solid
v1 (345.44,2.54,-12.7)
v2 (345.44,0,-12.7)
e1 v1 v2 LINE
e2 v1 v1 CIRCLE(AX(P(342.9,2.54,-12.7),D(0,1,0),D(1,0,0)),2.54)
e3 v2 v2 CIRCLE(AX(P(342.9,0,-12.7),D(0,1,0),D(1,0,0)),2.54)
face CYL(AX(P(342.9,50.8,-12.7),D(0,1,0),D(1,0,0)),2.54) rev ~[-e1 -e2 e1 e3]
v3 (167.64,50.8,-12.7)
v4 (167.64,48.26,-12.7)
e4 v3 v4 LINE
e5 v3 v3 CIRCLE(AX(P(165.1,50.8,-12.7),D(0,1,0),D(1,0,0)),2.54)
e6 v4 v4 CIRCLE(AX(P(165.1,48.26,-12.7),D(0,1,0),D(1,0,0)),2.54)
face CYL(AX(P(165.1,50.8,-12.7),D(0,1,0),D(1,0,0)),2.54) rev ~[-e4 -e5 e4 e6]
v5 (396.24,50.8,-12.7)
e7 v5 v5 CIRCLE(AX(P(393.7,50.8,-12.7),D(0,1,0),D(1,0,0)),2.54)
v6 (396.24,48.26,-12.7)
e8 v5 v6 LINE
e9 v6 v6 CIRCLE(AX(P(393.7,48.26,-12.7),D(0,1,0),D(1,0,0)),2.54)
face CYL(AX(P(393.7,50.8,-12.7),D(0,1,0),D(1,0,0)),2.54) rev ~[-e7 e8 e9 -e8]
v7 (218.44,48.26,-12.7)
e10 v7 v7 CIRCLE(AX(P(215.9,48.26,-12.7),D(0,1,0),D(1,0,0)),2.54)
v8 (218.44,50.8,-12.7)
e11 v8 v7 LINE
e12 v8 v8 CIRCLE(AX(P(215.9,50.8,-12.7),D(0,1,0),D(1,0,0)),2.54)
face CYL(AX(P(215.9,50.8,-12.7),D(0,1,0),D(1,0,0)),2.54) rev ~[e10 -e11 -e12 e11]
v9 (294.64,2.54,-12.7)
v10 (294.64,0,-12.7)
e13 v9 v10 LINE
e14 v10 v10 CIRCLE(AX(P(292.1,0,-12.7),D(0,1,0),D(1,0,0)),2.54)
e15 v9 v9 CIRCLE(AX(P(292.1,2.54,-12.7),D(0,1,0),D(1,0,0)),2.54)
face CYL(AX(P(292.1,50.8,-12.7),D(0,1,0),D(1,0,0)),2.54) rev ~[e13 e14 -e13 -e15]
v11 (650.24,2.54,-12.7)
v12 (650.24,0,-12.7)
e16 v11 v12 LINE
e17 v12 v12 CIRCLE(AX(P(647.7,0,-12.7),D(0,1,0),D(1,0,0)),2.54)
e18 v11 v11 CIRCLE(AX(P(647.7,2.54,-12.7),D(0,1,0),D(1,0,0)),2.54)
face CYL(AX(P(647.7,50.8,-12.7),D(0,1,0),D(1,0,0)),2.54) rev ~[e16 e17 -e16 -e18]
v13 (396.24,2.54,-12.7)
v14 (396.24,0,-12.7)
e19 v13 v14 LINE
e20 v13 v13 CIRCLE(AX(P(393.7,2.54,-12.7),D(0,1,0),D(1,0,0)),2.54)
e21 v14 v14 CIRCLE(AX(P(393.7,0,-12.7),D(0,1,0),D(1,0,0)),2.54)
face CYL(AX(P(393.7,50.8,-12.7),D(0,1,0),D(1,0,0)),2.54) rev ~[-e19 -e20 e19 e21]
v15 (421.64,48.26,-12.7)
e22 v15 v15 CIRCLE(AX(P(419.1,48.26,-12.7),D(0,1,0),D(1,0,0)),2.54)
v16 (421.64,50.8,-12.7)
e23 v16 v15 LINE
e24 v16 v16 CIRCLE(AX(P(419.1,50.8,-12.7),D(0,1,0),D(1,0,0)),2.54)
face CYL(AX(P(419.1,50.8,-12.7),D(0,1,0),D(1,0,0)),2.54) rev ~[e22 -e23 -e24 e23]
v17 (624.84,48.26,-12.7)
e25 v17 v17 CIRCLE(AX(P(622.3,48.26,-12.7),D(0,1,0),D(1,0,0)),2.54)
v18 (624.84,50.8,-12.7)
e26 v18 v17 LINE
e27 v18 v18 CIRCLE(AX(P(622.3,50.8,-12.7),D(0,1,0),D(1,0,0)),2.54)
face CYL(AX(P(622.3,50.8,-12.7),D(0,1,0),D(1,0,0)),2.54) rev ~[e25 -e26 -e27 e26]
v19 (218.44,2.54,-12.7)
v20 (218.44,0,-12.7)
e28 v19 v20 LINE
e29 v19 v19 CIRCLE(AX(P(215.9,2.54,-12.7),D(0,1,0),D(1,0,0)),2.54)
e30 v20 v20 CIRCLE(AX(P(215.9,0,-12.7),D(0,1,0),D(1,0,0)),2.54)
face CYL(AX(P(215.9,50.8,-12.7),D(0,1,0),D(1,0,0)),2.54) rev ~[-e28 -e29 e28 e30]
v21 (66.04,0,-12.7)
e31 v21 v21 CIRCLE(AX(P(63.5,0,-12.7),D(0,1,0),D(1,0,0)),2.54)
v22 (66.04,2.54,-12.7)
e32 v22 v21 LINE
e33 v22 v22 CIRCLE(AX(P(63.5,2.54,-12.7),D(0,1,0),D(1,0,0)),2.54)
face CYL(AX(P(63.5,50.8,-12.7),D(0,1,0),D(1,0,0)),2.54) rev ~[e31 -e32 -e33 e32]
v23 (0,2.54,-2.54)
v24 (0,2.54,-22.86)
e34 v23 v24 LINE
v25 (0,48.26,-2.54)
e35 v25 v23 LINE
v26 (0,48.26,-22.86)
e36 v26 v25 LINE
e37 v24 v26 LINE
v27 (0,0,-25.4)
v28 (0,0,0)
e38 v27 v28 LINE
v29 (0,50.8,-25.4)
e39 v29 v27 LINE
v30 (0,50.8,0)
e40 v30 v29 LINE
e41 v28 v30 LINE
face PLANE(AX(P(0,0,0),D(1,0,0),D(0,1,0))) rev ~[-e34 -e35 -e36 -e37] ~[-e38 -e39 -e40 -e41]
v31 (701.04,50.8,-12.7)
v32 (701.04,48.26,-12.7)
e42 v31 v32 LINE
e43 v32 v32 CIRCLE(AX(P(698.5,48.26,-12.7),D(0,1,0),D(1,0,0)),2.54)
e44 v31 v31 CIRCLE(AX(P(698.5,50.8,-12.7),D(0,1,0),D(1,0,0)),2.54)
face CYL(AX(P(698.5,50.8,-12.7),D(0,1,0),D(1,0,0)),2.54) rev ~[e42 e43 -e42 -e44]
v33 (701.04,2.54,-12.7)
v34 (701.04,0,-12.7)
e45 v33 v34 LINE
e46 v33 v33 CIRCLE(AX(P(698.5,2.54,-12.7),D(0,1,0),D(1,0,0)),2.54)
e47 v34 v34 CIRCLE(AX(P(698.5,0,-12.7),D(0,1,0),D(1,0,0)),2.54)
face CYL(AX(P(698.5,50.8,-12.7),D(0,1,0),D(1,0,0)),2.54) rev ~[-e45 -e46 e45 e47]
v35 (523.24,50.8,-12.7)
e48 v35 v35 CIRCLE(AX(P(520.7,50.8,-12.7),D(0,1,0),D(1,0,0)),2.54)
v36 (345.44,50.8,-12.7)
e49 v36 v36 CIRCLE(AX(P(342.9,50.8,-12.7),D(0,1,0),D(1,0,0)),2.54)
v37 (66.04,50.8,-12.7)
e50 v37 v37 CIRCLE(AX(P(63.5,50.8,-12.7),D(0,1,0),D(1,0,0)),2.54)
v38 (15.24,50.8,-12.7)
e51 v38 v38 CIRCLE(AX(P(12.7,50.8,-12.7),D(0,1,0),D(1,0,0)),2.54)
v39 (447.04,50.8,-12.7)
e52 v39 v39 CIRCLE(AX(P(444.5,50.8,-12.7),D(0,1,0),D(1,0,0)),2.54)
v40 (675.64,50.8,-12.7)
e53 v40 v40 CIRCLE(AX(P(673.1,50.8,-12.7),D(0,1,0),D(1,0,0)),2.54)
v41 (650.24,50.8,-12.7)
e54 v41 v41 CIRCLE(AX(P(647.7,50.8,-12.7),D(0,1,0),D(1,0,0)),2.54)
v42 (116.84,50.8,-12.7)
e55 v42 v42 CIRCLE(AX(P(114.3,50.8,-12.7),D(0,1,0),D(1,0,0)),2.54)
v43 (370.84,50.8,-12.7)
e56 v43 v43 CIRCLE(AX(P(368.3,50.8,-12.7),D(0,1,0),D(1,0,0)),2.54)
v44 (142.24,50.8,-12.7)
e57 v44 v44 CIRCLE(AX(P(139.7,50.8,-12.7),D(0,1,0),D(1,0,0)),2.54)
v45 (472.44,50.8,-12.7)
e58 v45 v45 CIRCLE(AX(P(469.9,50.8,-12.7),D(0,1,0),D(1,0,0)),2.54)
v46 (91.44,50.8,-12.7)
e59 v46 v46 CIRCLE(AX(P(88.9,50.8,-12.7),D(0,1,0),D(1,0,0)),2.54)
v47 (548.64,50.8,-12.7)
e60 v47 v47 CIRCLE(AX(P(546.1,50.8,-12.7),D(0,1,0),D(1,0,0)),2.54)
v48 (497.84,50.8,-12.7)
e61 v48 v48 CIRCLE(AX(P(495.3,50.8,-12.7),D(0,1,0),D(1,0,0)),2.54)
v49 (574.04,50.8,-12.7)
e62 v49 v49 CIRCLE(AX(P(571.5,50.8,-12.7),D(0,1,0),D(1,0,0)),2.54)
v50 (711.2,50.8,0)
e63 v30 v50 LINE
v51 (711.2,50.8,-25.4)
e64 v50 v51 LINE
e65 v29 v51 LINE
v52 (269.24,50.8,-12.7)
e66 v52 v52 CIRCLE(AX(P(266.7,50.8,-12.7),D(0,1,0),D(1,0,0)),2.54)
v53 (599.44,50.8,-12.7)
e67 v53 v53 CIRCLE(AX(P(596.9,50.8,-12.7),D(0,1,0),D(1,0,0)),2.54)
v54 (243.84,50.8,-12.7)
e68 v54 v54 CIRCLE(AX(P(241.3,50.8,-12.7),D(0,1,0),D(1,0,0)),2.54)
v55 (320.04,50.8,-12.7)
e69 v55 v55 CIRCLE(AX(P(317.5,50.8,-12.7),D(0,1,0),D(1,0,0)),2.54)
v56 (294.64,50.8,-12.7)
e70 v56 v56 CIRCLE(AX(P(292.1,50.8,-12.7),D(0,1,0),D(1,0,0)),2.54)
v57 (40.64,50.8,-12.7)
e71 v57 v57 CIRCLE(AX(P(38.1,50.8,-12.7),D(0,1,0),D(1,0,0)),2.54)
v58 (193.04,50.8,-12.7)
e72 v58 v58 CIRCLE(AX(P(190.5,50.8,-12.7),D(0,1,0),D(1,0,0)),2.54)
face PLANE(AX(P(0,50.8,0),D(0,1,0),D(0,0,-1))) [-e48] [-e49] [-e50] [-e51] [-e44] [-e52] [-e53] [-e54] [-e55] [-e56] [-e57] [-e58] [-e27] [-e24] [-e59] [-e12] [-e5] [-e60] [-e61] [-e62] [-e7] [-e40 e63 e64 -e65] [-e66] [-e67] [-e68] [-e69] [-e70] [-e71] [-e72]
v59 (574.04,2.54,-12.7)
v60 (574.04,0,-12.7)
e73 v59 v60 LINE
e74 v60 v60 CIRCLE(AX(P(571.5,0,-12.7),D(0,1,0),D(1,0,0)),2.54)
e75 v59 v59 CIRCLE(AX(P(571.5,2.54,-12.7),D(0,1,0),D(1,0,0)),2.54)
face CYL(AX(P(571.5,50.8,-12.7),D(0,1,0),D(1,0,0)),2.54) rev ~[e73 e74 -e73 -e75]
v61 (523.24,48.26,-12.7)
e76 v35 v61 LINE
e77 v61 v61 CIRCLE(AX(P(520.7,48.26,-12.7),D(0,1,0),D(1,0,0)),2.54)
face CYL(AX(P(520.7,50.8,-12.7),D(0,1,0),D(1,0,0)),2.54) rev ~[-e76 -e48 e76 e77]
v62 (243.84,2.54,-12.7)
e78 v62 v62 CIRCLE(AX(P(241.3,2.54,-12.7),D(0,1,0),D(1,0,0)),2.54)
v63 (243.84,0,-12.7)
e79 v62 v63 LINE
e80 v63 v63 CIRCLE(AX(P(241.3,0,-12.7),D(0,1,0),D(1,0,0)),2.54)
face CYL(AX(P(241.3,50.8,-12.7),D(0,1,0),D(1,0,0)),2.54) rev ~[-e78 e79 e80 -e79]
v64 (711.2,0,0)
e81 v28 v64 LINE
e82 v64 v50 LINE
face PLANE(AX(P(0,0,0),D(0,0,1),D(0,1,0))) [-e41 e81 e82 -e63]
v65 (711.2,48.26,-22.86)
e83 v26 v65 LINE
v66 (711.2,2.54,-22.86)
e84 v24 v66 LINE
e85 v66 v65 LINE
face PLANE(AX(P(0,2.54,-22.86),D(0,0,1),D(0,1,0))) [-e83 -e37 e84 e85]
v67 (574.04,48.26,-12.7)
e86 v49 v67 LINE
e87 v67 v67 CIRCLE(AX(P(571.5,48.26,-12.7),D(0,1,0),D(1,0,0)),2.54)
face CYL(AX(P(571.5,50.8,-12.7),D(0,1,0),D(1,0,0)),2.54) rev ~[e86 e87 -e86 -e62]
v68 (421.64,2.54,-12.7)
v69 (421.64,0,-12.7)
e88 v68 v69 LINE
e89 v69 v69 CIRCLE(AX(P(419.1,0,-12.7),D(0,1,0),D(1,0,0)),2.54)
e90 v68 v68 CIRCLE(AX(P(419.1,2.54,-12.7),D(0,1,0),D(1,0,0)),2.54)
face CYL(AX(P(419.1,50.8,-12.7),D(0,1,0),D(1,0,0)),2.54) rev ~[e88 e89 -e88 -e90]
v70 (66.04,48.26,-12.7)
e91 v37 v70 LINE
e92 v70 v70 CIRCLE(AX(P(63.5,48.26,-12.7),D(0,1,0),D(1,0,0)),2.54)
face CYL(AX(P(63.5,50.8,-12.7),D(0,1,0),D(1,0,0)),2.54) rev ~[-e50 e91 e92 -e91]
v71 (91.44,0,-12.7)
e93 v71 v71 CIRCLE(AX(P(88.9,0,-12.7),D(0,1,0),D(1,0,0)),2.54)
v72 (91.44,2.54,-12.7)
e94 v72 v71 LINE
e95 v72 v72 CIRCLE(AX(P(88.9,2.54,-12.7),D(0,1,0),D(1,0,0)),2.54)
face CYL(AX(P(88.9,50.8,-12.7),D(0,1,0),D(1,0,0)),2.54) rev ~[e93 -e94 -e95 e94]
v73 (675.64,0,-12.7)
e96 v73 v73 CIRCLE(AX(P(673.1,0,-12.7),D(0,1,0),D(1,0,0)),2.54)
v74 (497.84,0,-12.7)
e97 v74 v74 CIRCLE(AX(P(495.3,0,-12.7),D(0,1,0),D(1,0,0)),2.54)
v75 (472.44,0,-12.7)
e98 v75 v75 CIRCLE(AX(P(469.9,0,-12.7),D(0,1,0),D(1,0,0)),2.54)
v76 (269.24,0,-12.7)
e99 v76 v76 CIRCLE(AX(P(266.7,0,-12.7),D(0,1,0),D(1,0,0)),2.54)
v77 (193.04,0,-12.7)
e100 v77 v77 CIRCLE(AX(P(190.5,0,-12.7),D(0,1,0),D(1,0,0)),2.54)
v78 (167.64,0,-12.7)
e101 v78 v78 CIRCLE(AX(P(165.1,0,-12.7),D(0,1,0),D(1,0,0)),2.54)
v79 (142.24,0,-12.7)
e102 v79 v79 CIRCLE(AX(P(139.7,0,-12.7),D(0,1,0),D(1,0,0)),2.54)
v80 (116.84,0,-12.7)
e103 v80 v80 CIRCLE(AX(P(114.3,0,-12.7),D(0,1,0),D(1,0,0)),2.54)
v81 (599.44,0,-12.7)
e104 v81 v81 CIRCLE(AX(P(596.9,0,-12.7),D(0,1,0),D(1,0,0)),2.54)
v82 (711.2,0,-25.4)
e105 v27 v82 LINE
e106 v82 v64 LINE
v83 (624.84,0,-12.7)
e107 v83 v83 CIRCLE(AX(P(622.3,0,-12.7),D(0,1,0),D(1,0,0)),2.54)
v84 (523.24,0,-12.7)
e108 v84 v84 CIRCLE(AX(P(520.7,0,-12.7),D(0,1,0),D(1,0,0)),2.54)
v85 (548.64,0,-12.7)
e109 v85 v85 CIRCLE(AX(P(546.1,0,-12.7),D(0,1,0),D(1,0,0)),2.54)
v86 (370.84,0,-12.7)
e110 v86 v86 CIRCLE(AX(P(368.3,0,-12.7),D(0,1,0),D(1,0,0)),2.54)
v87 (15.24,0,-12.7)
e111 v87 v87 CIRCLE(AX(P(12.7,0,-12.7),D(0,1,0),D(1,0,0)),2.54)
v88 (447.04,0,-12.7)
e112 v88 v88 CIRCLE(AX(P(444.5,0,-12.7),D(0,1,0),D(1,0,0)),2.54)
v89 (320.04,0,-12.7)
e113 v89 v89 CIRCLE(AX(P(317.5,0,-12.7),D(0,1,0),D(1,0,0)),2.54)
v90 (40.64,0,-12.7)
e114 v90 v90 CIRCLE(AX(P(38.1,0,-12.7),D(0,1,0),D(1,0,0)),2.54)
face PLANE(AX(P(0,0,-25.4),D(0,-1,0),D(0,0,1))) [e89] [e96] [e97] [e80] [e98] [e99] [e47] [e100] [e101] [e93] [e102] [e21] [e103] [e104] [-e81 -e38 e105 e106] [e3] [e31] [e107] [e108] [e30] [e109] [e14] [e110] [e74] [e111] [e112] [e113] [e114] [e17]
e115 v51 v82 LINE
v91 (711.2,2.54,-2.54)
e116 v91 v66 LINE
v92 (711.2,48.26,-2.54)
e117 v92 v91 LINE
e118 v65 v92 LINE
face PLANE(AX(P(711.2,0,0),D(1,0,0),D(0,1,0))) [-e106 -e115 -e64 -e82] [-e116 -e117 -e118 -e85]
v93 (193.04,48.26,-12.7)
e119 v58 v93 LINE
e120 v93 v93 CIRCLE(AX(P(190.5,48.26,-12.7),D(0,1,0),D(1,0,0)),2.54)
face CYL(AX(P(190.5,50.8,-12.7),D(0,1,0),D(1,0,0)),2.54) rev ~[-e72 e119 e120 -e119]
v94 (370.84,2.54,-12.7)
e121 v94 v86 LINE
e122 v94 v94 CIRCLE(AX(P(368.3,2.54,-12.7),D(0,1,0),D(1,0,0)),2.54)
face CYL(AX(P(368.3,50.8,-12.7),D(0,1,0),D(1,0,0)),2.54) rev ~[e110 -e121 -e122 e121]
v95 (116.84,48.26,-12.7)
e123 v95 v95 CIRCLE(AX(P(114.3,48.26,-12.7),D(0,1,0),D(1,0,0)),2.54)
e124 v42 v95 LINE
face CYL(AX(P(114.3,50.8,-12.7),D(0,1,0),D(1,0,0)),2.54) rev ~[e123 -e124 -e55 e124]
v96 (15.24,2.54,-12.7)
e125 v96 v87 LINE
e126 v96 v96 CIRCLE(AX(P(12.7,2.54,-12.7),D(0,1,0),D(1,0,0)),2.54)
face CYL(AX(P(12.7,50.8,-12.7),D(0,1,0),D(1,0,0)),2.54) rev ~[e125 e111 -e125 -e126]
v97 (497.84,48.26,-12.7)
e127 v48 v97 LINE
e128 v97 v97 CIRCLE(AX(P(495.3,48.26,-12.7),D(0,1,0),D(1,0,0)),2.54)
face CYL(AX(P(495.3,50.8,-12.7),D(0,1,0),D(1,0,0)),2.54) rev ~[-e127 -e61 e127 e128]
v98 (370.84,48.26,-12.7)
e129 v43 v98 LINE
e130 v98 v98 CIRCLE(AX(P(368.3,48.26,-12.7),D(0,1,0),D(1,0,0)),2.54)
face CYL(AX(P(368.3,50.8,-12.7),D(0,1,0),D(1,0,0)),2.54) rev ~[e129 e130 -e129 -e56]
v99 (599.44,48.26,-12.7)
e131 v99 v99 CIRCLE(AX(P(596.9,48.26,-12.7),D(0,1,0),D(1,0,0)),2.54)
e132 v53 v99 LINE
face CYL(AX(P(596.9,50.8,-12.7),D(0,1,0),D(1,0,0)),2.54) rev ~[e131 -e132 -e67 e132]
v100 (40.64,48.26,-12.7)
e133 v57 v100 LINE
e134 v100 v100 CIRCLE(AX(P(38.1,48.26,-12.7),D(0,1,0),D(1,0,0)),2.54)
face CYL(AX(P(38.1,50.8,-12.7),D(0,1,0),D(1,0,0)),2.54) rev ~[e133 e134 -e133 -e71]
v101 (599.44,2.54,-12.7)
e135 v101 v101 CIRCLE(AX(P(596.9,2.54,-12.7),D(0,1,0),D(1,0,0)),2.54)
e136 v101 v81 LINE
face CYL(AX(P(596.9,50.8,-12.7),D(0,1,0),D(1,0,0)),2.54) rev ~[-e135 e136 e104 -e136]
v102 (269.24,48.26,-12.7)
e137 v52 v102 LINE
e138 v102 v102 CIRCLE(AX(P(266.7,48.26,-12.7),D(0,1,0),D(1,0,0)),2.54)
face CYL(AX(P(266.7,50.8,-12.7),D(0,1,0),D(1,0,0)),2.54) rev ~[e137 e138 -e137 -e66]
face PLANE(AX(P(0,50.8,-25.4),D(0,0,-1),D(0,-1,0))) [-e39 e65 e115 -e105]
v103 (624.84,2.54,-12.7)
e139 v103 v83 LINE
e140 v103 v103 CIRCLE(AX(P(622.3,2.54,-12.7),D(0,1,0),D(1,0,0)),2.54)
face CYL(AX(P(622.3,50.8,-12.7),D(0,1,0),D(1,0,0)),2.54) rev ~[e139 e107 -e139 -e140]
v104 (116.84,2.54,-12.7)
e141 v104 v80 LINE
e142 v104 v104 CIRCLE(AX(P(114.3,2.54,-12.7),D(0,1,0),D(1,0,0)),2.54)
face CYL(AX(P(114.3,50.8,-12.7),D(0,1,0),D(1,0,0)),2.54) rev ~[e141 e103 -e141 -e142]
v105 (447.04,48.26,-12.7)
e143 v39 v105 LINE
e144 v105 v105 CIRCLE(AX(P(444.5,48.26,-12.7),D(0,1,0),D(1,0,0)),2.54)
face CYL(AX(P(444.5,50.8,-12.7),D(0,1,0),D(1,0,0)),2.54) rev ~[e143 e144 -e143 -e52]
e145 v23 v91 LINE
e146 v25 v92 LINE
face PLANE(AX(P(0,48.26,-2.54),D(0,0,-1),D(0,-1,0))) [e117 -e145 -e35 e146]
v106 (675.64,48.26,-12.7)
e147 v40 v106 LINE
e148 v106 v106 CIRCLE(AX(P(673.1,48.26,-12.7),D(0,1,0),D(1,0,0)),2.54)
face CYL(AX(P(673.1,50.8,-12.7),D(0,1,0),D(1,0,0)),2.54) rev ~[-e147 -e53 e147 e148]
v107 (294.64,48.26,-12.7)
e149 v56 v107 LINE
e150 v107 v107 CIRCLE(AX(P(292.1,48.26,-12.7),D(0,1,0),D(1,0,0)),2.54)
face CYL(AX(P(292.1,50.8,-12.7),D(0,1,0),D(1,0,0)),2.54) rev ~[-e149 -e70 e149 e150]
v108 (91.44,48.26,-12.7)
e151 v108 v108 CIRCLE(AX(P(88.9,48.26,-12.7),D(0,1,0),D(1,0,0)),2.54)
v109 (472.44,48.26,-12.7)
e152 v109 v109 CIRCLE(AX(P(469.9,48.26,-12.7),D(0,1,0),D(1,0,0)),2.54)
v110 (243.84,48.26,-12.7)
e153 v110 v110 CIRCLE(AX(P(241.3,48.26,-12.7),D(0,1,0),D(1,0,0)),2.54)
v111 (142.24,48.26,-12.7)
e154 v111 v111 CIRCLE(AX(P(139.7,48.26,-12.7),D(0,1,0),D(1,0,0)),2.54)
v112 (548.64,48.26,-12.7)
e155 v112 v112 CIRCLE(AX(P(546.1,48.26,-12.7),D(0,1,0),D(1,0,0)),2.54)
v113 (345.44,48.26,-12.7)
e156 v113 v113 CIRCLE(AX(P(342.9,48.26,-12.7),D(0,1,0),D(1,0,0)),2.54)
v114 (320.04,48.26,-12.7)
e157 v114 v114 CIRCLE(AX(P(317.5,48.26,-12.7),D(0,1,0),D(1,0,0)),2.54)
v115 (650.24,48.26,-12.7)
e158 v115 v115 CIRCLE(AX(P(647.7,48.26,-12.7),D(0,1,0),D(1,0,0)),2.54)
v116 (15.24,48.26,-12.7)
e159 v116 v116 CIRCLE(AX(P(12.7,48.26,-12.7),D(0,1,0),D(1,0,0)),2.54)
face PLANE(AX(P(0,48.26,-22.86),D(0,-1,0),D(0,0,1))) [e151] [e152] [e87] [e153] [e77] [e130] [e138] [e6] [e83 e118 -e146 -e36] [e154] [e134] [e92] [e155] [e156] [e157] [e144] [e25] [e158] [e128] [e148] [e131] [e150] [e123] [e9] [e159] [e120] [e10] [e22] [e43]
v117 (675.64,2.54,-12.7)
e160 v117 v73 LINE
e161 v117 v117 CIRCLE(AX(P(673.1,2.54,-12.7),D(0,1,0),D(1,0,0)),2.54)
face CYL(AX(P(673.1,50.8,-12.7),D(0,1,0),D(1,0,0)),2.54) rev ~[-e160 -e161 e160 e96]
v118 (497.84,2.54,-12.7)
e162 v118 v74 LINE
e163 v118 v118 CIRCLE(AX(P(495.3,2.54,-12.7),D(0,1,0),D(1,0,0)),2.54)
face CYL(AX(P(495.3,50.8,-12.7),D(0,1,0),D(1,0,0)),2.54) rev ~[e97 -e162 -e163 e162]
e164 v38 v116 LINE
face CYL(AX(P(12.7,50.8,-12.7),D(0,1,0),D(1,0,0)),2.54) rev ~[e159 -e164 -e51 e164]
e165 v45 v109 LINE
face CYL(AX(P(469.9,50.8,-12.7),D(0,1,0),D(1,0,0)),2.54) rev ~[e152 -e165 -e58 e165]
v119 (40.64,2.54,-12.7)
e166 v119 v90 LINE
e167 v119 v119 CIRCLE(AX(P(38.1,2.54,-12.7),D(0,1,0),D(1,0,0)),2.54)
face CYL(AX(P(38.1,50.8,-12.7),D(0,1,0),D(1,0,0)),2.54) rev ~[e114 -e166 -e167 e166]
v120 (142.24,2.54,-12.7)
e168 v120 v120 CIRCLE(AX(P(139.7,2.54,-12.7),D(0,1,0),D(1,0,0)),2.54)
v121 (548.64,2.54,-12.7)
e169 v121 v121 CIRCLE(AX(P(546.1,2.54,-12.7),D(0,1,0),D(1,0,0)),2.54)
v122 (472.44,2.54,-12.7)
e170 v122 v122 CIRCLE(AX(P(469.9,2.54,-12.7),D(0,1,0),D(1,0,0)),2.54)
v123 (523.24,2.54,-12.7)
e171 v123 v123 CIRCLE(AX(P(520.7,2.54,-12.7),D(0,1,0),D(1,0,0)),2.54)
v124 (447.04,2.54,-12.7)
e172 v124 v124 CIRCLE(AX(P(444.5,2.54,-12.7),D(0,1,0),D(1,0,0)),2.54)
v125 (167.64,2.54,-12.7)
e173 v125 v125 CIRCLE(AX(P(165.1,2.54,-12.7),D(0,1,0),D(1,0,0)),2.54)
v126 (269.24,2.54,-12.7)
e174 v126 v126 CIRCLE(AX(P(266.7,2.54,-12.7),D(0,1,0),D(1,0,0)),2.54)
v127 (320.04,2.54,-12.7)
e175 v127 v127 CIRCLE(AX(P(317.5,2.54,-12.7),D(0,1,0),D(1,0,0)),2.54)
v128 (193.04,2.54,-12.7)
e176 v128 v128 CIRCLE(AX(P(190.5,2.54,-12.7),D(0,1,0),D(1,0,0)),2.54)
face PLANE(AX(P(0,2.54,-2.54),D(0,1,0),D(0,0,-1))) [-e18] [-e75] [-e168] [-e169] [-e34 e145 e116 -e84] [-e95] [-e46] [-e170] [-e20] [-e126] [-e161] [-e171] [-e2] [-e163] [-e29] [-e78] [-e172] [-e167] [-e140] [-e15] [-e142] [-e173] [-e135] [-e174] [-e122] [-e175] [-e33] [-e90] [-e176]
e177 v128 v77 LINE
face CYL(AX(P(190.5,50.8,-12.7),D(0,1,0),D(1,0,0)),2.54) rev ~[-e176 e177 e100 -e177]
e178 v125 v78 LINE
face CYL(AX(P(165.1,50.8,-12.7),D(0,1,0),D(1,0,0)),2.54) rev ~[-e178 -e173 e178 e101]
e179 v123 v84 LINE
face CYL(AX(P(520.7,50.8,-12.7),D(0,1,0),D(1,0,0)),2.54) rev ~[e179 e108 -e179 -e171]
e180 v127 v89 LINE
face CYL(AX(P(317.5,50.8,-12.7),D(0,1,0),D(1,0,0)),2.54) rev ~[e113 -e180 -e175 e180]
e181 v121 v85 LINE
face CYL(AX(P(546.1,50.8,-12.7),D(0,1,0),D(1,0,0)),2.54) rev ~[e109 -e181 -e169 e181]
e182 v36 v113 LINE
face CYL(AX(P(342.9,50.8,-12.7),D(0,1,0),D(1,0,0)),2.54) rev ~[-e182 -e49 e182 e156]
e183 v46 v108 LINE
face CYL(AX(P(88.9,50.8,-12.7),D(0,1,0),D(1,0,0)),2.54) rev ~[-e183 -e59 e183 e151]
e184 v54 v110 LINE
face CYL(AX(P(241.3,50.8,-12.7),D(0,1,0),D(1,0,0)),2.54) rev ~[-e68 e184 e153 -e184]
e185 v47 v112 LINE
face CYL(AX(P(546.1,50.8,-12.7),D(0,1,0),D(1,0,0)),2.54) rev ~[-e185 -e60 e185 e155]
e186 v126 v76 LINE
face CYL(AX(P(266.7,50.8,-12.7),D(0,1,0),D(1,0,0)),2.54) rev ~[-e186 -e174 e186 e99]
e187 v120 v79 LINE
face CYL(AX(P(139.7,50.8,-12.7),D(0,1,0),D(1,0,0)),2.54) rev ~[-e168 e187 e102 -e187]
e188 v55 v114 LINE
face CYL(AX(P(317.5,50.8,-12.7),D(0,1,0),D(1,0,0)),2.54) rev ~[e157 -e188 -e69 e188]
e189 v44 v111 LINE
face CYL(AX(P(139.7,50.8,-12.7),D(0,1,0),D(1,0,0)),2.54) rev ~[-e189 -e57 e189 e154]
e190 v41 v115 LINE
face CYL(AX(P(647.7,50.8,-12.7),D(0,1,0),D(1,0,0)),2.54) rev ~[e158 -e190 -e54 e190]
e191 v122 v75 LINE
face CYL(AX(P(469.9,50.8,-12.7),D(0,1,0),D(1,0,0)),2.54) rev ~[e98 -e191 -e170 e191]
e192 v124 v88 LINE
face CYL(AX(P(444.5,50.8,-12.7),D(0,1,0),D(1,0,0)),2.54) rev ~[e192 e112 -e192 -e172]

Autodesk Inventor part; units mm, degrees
ref_plane "YZ Plane" through (0, 0, 0) normal (1, 0, 0) x (0, 1, 0)
ref_plane "XZ Plane" through (0, 0, 0) normal (0, 1, 0) x (-1, 0, 0)
ref_plane "XY Plane" through (0, 0, 0) normal (0, 0, 1) x (1, 0, 0)
sketch "Sketch1" plane through (0, 0, 0) normal (1, 0, 0) x (0, 1, 0)
  line L0 (0, 0) -> (50.8, 0)
  line L1 (50.8, 0) -> (50.8, -25.4)
  line L2 (50.8, -25.4) -> (0, -25.4)
  line L3 (0, -25.4) -> (0, 0)
  line L4 (48.26, -22.86) -> (48.26, -2.54)
  line L5 (48.26, -2.54) -> (2.54, -2.54)
  line L6 (2.54, -2.54) -> (2.54, -22.86)
  line L7 (2.54, -22.86) -> (48.26, -22.86)
  dimension "d0" = 50.8
  dimension "d1" = 25.4
  dimension "d2" = 2.54
extrude "Extrusion1" add sketch "Sketch1" along normal blind 711.2
sketch "Sketch3" plane through (0, 50.8, 0) normal (0, 1, 0) x (1, 0, 0)
  circle A0 centre (12.7, 12.7) radius 2.54
  line L0 (0, 0) -> (0, 25.4) projected
  line L1 (0, 0) -> (711.2, 0) projected
  dimension "d20" = 5.08
  dimension "d21" = 12.7
  dimension "d22" = 12.7
extrude "Extrusion3" cut sketch "Sketch3" against normal through all
pattern_linear "Rectangular Pattern1" count 28 spacing 25.4 along (1, 0, 0) of "Extrusion3"
properties part number "front rail" material "Aluminum 6061"
